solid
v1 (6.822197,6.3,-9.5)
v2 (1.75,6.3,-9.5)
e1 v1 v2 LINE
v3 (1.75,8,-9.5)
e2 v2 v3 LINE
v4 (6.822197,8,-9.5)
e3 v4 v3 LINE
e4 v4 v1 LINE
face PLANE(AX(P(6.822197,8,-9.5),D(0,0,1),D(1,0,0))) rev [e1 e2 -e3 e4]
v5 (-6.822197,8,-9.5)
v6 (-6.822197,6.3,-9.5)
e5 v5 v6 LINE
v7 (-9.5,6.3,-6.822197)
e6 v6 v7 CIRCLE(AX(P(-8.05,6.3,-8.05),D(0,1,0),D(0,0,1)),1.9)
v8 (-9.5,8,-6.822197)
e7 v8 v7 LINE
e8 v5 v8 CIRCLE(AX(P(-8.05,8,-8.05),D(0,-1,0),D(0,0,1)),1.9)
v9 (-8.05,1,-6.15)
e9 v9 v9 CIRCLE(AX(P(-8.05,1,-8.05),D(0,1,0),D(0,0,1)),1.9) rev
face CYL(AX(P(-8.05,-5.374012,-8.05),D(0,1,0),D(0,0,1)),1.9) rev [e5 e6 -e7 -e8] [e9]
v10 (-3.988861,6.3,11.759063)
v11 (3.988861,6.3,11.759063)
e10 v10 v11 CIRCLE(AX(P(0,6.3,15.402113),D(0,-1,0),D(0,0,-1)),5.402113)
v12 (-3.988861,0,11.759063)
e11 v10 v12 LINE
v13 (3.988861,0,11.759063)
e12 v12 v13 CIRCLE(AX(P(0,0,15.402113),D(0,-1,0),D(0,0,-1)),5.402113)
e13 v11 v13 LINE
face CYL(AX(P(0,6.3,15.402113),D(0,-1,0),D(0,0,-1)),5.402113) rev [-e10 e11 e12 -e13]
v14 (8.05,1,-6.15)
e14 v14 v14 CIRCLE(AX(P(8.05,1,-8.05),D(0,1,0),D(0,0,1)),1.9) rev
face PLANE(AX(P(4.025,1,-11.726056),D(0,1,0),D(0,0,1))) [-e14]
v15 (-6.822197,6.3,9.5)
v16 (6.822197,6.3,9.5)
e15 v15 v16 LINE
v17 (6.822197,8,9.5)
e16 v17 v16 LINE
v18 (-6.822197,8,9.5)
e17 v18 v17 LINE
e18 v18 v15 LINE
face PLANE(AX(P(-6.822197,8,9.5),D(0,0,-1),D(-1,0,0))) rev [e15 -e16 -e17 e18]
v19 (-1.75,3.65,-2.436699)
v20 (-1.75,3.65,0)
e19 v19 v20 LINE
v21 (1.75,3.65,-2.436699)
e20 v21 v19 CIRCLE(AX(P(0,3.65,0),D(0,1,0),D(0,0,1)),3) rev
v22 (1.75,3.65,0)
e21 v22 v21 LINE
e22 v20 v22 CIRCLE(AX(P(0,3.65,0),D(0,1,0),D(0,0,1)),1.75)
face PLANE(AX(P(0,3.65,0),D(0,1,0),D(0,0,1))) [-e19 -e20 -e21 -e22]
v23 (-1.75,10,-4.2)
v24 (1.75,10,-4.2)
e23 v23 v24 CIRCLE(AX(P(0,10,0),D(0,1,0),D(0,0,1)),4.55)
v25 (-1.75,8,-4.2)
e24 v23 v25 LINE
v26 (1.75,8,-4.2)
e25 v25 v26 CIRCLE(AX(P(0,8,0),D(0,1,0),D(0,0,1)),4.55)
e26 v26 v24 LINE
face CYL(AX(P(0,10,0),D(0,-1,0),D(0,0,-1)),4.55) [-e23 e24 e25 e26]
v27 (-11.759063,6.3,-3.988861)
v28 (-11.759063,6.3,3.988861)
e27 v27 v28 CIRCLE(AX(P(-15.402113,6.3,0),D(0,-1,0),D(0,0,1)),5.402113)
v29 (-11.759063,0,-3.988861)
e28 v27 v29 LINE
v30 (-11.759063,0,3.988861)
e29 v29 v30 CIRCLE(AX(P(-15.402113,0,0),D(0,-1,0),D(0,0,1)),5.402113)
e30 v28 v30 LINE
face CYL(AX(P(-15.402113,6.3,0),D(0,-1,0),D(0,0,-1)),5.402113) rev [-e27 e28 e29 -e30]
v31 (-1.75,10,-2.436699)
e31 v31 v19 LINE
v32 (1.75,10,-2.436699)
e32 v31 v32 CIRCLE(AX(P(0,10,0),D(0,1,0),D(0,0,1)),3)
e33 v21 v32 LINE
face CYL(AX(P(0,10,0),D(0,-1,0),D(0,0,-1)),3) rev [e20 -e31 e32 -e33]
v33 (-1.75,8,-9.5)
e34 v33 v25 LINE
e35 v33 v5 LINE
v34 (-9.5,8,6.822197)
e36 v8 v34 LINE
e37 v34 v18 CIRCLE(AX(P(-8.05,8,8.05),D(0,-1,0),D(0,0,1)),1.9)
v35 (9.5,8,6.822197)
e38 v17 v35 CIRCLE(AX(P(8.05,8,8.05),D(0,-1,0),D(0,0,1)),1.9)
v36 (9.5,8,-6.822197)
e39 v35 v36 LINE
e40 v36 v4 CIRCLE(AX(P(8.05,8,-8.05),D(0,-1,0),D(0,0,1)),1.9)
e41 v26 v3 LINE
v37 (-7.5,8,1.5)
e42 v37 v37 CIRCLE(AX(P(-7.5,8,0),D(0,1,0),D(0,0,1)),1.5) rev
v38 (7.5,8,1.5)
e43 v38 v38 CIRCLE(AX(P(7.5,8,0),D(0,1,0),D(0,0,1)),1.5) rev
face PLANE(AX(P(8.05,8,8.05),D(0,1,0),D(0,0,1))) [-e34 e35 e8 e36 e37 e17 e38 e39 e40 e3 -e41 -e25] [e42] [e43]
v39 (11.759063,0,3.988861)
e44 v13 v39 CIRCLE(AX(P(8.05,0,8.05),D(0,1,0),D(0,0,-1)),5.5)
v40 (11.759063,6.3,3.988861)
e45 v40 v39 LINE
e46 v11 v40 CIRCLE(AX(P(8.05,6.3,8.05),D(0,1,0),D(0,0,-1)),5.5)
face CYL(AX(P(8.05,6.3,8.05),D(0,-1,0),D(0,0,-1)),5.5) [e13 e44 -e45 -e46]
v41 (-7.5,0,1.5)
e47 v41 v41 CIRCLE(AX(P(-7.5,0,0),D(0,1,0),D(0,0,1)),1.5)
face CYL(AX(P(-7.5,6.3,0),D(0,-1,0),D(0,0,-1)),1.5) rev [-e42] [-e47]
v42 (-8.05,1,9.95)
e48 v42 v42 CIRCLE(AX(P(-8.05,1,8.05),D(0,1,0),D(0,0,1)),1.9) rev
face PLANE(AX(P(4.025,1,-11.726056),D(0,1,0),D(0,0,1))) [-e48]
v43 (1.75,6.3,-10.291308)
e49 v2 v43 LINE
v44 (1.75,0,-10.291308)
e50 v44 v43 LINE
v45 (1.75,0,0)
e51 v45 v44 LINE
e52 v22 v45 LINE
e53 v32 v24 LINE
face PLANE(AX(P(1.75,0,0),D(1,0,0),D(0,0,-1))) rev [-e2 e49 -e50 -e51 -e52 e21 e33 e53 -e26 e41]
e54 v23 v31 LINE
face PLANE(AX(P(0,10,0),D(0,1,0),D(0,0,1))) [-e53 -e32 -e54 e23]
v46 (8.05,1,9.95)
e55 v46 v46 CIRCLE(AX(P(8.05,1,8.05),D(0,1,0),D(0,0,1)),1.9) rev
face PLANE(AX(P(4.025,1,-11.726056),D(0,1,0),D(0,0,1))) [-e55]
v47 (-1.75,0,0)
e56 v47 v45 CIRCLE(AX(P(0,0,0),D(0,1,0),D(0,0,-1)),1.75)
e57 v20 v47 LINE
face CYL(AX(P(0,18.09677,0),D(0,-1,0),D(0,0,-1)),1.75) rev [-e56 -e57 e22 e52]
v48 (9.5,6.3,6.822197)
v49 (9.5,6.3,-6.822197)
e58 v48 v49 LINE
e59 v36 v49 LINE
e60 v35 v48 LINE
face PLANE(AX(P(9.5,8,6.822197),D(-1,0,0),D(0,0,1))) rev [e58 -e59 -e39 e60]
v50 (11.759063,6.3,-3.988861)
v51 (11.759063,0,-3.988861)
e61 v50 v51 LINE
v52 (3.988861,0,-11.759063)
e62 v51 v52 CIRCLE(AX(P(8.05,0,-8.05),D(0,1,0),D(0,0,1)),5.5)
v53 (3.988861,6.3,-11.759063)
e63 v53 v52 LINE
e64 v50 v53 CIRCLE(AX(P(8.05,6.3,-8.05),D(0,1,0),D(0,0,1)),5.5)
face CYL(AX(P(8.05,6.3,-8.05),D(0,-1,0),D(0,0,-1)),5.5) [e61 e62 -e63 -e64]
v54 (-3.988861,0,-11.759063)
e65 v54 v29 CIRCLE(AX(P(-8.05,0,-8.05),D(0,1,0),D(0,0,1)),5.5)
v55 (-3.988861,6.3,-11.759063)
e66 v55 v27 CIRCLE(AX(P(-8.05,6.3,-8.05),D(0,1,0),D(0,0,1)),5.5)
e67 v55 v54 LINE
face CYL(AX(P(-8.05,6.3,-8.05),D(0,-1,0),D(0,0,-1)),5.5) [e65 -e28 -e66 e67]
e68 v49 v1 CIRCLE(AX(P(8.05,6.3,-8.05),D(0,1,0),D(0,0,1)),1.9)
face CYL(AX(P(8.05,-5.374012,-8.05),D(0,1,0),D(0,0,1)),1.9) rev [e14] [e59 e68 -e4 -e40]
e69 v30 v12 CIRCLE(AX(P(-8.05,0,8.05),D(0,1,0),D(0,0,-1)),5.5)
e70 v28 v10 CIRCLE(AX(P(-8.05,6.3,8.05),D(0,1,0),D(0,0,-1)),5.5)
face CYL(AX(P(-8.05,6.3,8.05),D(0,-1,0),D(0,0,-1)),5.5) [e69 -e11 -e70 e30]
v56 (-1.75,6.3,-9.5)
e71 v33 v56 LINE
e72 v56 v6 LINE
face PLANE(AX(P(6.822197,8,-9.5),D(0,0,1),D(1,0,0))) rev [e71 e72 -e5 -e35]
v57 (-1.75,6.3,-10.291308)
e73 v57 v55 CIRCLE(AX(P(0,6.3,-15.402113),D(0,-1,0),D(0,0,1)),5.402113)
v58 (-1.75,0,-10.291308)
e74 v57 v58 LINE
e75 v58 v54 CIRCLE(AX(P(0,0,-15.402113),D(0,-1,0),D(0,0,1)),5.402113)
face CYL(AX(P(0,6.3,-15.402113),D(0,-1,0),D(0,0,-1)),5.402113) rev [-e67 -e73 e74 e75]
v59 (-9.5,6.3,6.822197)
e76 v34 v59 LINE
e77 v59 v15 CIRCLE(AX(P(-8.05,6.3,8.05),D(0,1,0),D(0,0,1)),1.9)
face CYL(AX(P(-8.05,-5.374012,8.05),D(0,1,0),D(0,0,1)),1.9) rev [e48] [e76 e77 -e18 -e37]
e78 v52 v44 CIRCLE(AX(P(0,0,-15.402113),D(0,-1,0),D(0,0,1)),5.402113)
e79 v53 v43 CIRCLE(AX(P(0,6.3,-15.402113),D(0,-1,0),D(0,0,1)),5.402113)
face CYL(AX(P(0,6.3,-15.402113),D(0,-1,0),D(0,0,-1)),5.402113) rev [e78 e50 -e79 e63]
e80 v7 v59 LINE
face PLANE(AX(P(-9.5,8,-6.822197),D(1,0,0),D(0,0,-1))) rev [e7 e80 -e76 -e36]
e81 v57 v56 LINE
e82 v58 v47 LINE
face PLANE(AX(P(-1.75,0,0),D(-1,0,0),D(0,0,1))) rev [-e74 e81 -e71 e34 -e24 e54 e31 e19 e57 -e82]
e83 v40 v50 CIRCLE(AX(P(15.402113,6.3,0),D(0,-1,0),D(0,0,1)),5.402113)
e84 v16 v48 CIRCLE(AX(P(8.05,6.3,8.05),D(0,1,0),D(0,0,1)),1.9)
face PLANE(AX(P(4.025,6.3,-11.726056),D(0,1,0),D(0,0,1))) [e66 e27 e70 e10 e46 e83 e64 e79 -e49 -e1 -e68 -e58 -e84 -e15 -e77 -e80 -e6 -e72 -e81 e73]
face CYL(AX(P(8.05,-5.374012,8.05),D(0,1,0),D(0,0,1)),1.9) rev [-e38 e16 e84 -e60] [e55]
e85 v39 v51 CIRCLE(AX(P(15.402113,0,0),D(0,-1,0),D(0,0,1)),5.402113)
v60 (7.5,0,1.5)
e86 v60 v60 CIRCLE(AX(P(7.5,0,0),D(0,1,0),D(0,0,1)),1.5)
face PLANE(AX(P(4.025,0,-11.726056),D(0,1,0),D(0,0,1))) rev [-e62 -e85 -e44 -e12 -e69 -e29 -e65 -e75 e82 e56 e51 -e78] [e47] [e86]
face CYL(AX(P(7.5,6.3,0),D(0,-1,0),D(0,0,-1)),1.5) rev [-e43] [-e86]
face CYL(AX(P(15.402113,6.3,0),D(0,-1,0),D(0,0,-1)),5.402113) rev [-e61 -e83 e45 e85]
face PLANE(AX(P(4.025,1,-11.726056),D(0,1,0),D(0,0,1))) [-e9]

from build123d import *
from build123d.topology import SkipClean

# Parameters (mm, degrees)
SKETCH1_R           = 1.5
BOSS_EXTRUDE1_DEPTH = 6.3
SKETCH3_R           = 1.9
CUT_EXTRUDE3_DEPTH  = 5.3
BOSS_EXTRUDE2_START = 1.7
BOSS_EXTRUDE2_DEPTH = 1.7
SKETCH7_R           = 4.55
BOSS_EXTRUDE3_DEPTH = 2
SKETCH6_R           = 1.5
SKETCH6_R_2         = 3
CUT_EXTRUDE4_DEPTH  = 22.614925399
CUT_EXTRUDE5_DEPTH  = 22.614925399
BOSS_EXTRUDE4_DEPTH = 3.65


with BuildPart() as part:
    # Sketch1 → Boss-Extrude1 (new body)
    with BuildSketch(Plane(origin=(0, 0, 0), x_dir=(1, 0, 0), z_dir=(0, 1, 0))):
        with BuildLine():
            ThreePointArc((-3.988860539, -11.759062722), (-11.939087297, -11.939087297), (-11.759062722, -3.988860539))
            ThreePointArc((-11.759062722, -3.988860539), (-10, 0), (-11.759062722, 3.988860539))
            ThreePointArc((-11.759062722, 3.988860539), (-11.939087297, 11.939087297), (-3.988860539, 11.759062722))
            ThreePointArc((-3.988860539, 11.759062722), (0, 10), (3.988860539, 11.759062722))
            ThreePointArc((3.988860539, 11.759062722), (11.939087297, 11.939087297), (11.759062722, 3.988860539))
            ThreePointArc((11.759062722, 3.988860539), (10, 0), (11.759062722, -3.988860539))
            ThreePointArc((11.759062722, -3.988860539), (11.939087297, -11.939087297), (3.988860539, -11.759062722))
            ThreePointArc((3.988860539, -11.759062722), (0, -10), (-3.988860539, -11.759062722))
        make_face()
        with Locations(Location((-7.5, 0, 0), (0, 0, 270))):
            Circle(SKETCH1_R, mode=Mode.SUBTRACT)
        with Locations(Location((7.5, 0, 0), (0, 0, 270))):
            Circle(SKETCH1_R, mode=Mode.SUBTRACT)
    extrude(amount=BOSS_EXTRUDE1_DEPTH)

    # Sketch3 → Cut-Extrude3 (cut)
    with BuildSketch(Plane(origin=(0, 6.3, 0), x_dir=(1, 0, 0), z_dir=(0, 1, 0))):
        with Locations(Location((-8.05, 8.05, 0), (0, 0, 270))):
            Circle(SKETCH3_R)
        with Locations(Location((8.05, 8.05, 0), (0, 0, 270))):
            Circle(SKETCH3_R)
        with Locations(Location((8.05, -8.05, 0), (0, 0, 270))):
            Circle(SKETCH3_R)
        with Locations(Location((-8.05, -8.05, 0), (0, 0, 270))):
            Circle(SKETCH3_R)
    extrude(amount=-CUT_EXTRUDE3_DEPTH, mode=Mode.SUBTRACT)

    # Sketch5 → Boss-Extrude2 (add)
    with BuildSketch(Plane(origin=(0, 6.3, 0), x_dir=(1, 0, 0), z_dir=(0, 1, 0)).offset(BOSS_EXTRUDE2_START)):
        with BuildLine():
            Line((-9.5, 6.822197084), (-9.5, -6.822197084))
            ThreePointArc((-9.5, -6.822197084), (-6.706497116, -6.706497116), (-6.822197084, -9.5))
            Line((-6.822197084, -9.5), (6.822197084, -9.5))
            ThreePointArc((6.822197084, -9.5), (6.706497116, -6.706497116), (9.5, -6.822197084))
            Line((9.5, -6.822197084), (9.5, 6.822197084))
            ThreePointArc((9.5, 6.822197084), (6.706497116, 6.706497116), (6.822197084, 9.5))
            Line((6.822197084, 9.5), (-6.822197084, 9.5))
            ThreePointArc((-6.822197084, 9.5), (-6.706497116, 6.706497116), (-9.5, 6.822197084))
        make_face()
    extrude(amount=-BOSS_EXTRUDE2_DEPTH)

    # Sketch7 → Boss-Extrude3 (add)
    with BuildSketch(Plane(origin=(0, 8, 0), x_dir=(1, 0, 0), z_dir=(0, 1, 0))):
        with Locations(Location((0, 0, 0), (0, 0, 270))):
            Circle(SKETCH7_R)
    extrude(amount=BOSS_EXTRUDE3_DEPTH)

    # Sketch6 → Cut-Extrude4 (cut, through all)
    with BuildSketch(Plane(origin=(0, 0, 0), x_dir=(1, 0, 0), z_dir=(0, 1, 0))):
        with Locations(Location((-7.5, 0, 0), (0, 0, 270))):
            Circle(SKETCH6_R)
        with Locations(Location((0, 0, 0), (0, 0, 270))):
            Circle(SKETCH6_R_2)
        with Locations(Location((7.5, 0, 0), (0, 0, 270))):
            Circle(SKETCH6_R)
    extrude(amount=CUT_EXTRUDE4_DEPTH, mode=Mode.SUBTRACT)

    # Sketch8 → Cut-Extrude5 (cut, through all)
    with SkipClean():  # the faces are left unmerged after this step: merging them gives an invalid solid
        with BuildSketch(Plane(origin=(0, 10, 0), x_dir=(1, 0, 0), z_dir=(0, 1, 0))):
            with BuildLine():
                Line((-1.75, 0), (-1.75, 12))
                ThreePointArc((-1.75, 12), (0, 13.75), (1.75, 12))
                Line((1.75, 12), (1.75, 0))
                ThreePointArc((1.75, 0), (0, -1.75), (-1.75, 0))
            make_face()
        extrude(amount=-CUT_EXTRUDE5_DEPTH, mode=Mode.SUBTRACT)

    # Sketch9 → Boss-Extrude4 (add)
    with SkipClean():  # the faces are left unmerged after this step: merging them gives an invalid solid
        with BuildSketch(Plane.XZ):
            with BuildLine():
                Line((-1.75, -2.436698586), (-1.75, 0))
                ThreePointArc((-1.75, 0), (0, 1.75), (1.75, 0))
                Line((1.75, 0), (1.75, -2.436698586))
                ThreePointArc((1.75, -2.436698586), (0, 3), (-1.75, -2.436698586))
            make_face()
        extrude(amount=-BOSS_EXTRUDE4_DEPTH)


solid = part.part
